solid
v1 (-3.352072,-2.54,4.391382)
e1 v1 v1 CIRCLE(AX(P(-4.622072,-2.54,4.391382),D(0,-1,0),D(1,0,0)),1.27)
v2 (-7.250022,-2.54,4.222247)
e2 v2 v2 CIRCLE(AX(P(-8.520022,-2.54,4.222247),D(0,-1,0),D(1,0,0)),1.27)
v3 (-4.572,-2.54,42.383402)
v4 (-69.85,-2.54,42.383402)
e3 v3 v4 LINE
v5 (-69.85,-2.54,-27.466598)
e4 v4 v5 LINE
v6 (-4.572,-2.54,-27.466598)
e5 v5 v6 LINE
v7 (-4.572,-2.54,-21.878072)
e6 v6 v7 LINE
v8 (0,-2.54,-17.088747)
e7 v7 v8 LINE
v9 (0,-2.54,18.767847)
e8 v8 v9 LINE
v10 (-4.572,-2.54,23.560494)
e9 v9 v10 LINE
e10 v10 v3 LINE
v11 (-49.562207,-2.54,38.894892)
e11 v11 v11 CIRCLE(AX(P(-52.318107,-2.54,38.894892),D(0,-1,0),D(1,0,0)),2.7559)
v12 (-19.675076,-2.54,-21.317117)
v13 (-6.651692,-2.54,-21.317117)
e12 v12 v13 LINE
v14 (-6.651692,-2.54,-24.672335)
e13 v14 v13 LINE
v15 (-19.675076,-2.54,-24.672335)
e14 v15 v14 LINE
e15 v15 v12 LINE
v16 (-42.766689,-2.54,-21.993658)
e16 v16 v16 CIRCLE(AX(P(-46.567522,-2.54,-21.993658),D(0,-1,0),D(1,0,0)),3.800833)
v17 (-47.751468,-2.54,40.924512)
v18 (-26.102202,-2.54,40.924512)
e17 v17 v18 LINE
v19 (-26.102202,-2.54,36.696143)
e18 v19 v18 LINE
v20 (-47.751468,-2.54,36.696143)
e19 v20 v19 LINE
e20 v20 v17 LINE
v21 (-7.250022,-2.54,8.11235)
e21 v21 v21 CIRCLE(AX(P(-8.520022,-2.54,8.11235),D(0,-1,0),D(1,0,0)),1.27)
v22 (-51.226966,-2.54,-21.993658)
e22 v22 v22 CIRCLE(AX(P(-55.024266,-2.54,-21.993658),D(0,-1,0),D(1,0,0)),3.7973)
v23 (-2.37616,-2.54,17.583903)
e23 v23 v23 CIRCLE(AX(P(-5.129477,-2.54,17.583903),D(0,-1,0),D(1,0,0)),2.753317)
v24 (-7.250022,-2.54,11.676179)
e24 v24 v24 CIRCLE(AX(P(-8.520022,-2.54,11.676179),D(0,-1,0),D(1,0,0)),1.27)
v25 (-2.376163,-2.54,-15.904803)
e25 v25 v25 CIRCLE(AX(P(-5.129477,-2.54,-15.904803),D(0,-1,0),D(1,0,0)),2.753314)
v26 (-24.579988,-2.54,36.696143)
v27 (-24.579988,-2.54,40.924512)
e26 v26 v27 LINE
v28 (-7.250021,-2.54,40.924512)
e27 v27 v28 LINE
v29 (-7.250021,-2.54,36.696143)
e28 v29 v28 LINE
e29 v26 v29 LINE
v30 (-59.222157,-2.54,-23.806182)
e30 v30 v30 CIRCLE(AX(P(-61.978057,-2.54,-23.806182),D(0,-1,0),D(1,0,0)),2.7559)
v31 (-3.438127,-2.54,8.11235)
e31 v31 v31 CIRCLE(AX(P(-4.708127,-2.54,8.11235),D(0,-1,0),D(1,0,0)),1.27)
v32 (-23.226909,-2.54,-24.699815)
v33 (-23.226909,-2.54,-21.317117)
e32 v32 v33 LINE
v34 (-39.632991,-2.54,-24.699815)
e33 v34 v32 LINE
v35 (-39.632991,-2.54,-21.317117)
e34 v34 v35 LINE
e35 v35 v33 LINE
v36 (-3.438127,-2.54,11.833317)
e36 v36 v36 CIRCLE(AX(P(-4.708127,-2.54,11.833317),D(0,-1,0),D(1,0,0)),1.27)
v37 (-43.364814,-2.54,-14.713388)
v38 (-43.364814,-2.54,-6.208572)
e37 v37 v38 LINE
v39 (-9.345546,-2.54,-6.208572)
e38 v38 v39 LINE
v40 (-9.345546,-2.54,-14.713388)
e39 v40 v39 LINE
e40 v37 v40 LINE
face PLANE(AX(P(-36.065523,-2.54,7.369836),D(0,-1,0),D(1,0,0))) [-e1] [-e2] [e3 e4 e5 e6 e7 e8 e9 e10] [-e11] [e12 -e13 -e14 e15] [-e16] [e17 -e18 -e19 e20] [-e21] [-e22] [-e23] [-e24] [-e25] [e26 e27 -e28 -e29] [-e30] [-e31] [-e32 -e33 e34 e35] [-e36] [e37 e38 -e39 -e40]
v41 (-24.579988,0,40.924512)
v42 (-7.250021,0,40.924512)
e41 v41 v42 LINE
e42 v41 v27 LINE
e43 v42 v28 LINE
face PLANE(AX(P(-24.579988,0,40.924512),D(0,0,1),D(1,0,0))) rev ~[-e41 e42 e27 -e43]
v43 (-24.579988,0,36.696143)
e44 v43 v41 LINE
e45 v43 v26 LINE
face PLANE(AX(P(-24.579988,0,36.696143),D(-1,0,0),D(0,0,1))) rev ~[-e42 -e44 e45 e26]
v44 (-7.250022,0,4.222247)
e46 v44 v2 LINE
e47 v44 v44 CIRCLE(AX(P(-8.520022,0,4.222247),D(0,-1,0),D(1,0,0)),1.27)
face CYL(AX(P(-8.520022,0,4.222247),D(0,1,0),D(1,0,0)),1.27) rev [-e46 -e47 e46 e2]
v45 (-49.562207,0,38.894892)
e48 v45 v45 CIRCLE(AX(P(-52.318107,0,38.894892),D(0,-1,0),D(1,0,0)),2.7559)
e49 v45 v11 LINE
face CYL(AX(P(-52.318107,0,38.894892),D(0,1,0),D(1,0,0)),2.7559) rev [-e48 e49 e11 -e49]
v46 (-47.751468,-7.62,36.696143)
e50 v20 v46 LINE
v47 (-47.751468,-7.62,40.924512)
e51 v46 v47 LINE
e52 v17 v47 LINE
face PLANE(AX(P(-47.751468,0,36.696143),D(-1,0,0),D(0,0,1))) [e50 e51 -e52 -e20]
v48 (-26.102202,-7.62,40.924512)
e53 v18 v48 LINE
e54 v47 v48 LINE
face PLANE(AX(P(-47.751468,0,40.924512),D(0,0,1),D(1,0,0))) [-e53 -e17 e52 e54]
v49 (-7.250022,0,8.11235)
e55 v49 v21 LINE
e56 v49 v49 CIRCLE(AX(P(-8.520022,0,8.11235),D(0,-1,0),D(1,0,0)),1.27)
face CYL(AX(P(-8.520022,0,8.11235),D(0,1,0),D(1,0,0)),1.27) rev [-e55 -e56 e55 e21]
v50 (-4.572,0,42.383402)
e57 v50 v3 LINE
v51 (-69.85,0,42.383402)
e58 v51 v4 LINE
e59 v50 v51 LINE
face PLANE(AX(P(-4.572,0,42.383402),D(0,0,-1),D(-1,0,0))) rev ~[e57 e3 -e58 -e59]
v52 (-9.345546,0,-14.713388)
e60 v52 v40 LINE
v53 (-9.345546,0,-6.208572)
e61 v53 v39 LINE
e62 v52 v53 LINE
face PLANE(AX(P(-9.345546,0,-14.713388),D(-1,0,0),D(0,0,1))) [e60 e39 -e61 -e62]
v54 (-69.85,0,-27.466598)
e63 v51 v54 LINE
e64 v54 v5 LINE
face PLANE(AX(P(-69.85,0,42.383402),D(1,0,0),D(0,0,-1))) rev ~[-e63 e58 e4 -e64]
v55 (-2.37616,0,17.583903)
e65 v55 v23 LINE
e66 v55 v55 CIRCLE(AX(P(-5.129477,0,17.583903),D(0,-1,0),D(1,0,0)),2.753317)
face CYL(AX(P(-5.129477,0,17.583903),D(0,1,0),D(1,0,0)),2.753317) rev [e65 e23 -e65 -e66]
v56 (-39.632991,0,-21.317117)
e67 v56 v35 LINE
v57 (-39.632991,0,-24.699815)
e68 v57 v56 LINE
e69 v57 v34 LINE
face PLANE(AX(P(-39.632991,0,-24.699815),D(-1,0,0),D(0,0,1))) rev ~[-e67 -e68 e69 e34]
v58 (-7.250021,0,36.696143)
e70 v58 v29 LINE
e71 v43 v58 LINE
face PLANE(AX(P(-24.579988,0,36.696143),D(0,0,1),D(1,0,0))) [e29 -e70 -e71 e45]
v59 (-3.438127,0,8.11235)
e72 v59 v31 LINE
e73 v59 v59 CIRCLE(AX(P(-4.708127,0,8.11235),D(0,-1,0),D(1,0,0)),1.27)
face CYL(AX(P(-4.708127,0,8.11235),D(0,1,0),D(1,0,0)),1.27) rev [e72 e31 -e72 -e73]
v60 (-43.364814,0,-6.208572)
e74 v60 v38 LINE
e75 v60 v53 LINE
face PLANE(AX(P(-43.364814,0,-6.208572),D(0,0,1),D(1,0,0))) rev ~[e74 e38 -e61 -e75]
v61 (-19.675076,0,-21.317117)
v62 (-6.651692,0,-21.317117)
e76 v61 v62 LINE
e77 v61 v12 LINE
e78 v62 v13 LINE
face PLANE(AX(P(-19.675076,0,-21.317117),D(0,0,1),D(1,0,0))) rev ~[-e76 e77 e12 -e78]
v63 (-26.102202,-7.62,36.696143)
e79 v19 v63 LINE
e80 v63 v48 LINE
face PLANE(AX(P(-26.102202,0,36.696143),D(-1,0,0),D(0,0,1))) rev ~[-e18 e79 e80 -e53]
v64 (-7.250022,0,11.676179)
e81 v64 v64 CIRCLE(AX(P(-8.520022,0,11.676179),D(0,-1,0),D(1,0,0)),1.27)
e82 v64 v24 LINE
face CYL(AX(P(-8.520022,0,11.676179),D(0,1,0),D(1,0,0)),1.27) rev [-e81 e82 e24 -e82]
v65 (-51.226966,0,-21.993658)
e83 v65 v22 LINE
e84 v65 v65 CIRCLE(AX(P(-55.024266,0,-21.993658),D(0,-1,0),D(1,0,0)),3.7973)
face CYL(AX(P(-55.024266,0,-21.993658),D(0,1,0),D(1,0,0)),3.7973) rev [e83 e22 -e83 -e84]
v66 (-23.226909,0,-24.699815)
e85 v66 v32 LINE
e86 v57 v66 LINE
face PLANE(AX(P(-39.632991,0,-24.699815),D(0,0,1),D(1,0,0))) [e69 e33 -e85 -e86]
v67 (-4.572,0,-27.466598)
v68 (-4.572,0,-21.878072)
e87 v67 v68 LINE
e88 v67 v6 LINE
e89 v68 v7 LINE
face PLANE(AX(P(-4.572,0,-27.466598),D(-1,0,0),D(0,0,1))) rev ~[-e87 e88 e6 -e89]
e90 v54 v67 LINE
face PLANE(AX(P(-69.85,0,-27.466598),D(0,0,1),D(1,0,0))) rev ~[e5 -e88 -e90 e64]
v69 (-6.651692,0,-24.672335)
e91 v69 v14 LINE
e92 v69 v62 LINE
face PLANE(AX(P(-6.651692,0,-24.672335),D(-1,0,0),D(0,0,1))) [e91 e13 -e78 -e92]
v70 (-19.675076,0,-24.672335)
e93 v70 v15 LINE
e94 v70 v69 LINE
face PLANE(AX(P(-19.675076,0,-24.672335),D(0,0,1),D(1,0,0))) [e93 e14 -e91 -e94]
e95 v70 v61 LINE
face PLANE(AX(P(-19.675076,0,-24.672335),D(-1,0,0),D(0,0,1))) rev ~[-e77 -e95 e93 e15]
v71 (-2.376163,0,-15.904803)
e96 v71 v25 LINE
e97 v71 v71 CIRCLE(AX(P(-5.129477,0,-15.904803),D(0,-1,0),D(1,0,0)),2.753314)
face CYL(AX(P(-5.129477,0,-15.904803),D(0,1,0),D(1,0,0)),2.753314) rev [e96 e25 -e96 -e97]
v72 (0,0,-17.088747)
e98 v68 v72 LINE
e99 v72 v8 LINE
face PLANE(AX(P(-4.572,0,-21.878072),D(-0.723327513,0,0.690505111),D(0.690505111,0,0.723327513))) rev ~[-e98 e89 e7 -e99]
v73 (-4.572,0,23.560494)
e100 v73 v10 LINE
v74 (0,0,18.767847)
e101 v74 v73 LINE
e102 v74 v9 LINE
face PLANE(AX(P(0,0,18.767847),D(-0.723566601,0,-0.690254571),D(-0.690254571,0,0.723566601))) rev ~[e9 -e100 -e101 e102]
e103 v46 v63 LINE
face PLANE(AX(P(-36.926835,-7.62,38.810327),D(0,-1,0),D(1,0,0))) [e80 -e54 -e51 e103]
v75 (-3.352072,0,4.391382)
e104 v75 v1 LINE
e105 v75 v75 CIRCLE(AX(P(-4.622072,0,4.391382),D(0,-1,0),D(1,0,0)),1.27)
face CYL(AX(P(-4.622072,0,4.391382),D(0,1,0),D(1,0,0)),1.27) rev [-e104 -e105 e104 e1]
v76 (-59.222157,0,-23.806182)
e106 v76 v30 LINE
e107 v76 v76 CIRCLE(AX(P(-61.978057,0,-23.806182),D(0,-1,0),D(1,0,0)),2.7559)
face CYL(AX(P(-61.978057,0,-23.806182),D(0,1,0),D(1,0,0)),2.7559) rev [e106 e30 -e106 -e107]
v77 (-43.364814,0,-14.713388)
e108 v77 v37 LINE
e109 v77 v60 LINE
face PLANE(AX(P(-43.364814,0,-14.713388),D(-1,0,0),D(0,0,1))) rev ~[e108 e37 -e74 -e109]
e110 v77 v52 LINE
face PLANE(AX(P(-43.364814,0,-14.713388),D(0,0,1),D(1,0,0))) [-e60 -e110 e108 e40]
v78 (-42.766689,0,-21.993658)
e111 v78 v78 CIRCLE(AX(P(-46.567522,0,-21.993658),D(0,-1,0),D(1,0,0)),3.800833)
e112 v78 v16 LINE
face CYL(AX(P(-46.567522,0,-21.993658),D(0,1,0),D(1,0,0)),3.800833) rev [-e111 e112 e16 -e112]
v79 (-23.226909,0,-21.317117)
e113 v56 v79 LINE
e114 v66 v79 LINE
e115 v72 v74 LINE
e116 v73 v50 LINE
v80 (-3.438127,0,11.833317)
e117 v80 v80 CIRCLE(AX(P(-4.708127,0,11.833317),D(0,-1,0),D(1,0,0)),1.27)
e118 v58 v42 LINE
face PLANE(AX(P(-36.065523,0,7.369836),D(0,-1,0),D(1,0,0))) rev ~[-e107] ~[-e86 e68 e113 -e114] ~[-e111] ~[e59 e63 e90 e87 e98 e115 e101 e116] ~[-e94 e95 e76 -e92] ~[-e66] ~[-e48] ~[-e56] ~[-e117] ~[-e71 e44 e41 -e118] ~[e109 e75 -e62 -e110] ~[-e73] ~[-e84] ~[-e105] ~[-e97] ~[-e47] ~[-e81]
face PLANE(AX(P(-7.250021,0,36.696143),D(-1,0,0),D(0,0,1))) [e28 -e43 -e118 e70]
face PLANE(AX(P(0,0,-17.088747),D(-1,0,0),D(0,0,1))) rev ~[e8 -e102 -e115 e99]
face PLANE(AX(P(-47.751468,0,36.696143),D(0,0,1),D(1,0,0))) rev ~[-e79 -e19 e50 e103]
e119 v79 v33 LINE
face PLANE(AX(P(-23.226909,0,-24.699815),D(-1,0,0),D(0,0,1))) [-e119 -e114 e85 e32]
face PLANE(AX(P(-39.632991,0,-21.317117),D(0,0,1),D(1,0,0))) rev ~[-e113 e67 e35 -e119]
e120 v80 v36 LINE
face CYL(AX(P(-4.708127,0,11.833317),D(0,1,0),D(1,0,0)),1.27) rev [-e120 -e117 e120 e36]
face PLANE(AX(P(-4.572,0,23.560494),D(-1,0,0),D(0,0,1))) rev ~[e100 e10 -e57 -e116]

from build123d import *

# Parameters (mm, degrees)
F1_R     = 2.7559
F1_R_2   = 3.7973
F1_R_3   = 3.800833
F1_W     = 16.406082
F1_H     = 3.382698
F1_W_2   = 34.019268
F1_H_2   = 8.504816
F1_W_3   = 13.023385
F1_H_3   = 3.355218
F1_R_4   = 2.753314
F1_R_5   = 1.27
F1_W_4   = 21.649266
F1_H_4   = 4.228369
F1_R_6   = 2.753317
F1_W_5   = 17.329967
F2_DEPTH = 2.54
F0_W     = 21.649266
F0_H     = 4.228369
F3_DEPTH = 7.62


with BuildPart() as f2:
    # F1 (on face) → F2 (new body)
    with BuildSketch(Plane.XZ):
        Polygon((-4.572, 23.560494), (-4.572, 42.383402), (-69.85, 42.383402), (-69.85, -27.466598), (-4.572, -27.466598), (-4.572, -21.878072), (0, -17.088747), (0, 18.767847), align=None)
        with Locations((-61.978057, -23.806182)):
            Circle(F1_R, mode=Mode.SUBTRACT)
        with Locations((-55.024266, -21.993658)):
            Circle(F1_R_2, mode=Mode.SUBTRACT)
        with Locations((-46.567522, -21.993658)):
            Circle(F1_R_3, mode=Mode.SUBTRACT)
        with Locations((-31.42995, -23.008466)):
            Rectangle(F1_W, F1_H, mode=Mode.SUBTRACT)
        with Locations((-26.35518, -10.46098)):
            Rectangle(F1_W_2, F1_H_2, mode=Mode.SUBTRACT)
        with Locations((-13.163384, -22.994726)):
            Rectangle(F1_W_3, F1_H_3, mode=Mode.SUBTRACT)
        with Locations((-5.129477, -15.904803)):
            Circle(F1_R_4, mode=Mode.SUBTRACT)
        with Locations((-8.520022, 4.222247)):
            Circle(F1_R_5, mode=Mode.SUBTRACT)
        with Locations((-4.622072, 4.391382)):
            Circle(F1_R_5, mode=Mode.SUBTRACT)
        with Locations((-52.318107, 38.894892)):
            Circle(F1_R, mode=Mode.SUBTRACT)
        with Locations((-36.926835, 38.810327)):
            Rectangle(F1_W_4, F1_H_4, mode=Mode.SUBTRACT)
        with Locations((-8.520022, 8.11235)):
            Circle(F1_R_5, mode=Mode.SUBTRACT)
        with Locations((-4.708127, 8.11235)):
            Circle(F1_R_5, mode=Mode.SUBTRACT)
        with Locations((-8.520022, 11.676179)):
            Circle(F1_R_5, mode=Mode.SUBTRACT)
        with Locations((-4.708127, 11.833317)):
            Circle(F1_R_5, mode=Mode.SUBTRACT)
        with Locations((-5.129477, 17.583903)):
            Circle(F1_R_6, mode=Mode.SUBTRACT)
        with Locations((-15.915005, 38.810327)):
            Rectangle(F1_W_5, F1_H_4, mode=Mode.SUBTRACT)
    extrude(amount=F2_DEPTH)

    # F0 (on Front) → F3 (join)
    with BuildSketch(Plane.XZ):
        with Locations((-36.926835, 38.810327)):
            Rectangle(F0_W, F0_H)
    extrude(amount=F3_DEPTH)


solid = f2.part
